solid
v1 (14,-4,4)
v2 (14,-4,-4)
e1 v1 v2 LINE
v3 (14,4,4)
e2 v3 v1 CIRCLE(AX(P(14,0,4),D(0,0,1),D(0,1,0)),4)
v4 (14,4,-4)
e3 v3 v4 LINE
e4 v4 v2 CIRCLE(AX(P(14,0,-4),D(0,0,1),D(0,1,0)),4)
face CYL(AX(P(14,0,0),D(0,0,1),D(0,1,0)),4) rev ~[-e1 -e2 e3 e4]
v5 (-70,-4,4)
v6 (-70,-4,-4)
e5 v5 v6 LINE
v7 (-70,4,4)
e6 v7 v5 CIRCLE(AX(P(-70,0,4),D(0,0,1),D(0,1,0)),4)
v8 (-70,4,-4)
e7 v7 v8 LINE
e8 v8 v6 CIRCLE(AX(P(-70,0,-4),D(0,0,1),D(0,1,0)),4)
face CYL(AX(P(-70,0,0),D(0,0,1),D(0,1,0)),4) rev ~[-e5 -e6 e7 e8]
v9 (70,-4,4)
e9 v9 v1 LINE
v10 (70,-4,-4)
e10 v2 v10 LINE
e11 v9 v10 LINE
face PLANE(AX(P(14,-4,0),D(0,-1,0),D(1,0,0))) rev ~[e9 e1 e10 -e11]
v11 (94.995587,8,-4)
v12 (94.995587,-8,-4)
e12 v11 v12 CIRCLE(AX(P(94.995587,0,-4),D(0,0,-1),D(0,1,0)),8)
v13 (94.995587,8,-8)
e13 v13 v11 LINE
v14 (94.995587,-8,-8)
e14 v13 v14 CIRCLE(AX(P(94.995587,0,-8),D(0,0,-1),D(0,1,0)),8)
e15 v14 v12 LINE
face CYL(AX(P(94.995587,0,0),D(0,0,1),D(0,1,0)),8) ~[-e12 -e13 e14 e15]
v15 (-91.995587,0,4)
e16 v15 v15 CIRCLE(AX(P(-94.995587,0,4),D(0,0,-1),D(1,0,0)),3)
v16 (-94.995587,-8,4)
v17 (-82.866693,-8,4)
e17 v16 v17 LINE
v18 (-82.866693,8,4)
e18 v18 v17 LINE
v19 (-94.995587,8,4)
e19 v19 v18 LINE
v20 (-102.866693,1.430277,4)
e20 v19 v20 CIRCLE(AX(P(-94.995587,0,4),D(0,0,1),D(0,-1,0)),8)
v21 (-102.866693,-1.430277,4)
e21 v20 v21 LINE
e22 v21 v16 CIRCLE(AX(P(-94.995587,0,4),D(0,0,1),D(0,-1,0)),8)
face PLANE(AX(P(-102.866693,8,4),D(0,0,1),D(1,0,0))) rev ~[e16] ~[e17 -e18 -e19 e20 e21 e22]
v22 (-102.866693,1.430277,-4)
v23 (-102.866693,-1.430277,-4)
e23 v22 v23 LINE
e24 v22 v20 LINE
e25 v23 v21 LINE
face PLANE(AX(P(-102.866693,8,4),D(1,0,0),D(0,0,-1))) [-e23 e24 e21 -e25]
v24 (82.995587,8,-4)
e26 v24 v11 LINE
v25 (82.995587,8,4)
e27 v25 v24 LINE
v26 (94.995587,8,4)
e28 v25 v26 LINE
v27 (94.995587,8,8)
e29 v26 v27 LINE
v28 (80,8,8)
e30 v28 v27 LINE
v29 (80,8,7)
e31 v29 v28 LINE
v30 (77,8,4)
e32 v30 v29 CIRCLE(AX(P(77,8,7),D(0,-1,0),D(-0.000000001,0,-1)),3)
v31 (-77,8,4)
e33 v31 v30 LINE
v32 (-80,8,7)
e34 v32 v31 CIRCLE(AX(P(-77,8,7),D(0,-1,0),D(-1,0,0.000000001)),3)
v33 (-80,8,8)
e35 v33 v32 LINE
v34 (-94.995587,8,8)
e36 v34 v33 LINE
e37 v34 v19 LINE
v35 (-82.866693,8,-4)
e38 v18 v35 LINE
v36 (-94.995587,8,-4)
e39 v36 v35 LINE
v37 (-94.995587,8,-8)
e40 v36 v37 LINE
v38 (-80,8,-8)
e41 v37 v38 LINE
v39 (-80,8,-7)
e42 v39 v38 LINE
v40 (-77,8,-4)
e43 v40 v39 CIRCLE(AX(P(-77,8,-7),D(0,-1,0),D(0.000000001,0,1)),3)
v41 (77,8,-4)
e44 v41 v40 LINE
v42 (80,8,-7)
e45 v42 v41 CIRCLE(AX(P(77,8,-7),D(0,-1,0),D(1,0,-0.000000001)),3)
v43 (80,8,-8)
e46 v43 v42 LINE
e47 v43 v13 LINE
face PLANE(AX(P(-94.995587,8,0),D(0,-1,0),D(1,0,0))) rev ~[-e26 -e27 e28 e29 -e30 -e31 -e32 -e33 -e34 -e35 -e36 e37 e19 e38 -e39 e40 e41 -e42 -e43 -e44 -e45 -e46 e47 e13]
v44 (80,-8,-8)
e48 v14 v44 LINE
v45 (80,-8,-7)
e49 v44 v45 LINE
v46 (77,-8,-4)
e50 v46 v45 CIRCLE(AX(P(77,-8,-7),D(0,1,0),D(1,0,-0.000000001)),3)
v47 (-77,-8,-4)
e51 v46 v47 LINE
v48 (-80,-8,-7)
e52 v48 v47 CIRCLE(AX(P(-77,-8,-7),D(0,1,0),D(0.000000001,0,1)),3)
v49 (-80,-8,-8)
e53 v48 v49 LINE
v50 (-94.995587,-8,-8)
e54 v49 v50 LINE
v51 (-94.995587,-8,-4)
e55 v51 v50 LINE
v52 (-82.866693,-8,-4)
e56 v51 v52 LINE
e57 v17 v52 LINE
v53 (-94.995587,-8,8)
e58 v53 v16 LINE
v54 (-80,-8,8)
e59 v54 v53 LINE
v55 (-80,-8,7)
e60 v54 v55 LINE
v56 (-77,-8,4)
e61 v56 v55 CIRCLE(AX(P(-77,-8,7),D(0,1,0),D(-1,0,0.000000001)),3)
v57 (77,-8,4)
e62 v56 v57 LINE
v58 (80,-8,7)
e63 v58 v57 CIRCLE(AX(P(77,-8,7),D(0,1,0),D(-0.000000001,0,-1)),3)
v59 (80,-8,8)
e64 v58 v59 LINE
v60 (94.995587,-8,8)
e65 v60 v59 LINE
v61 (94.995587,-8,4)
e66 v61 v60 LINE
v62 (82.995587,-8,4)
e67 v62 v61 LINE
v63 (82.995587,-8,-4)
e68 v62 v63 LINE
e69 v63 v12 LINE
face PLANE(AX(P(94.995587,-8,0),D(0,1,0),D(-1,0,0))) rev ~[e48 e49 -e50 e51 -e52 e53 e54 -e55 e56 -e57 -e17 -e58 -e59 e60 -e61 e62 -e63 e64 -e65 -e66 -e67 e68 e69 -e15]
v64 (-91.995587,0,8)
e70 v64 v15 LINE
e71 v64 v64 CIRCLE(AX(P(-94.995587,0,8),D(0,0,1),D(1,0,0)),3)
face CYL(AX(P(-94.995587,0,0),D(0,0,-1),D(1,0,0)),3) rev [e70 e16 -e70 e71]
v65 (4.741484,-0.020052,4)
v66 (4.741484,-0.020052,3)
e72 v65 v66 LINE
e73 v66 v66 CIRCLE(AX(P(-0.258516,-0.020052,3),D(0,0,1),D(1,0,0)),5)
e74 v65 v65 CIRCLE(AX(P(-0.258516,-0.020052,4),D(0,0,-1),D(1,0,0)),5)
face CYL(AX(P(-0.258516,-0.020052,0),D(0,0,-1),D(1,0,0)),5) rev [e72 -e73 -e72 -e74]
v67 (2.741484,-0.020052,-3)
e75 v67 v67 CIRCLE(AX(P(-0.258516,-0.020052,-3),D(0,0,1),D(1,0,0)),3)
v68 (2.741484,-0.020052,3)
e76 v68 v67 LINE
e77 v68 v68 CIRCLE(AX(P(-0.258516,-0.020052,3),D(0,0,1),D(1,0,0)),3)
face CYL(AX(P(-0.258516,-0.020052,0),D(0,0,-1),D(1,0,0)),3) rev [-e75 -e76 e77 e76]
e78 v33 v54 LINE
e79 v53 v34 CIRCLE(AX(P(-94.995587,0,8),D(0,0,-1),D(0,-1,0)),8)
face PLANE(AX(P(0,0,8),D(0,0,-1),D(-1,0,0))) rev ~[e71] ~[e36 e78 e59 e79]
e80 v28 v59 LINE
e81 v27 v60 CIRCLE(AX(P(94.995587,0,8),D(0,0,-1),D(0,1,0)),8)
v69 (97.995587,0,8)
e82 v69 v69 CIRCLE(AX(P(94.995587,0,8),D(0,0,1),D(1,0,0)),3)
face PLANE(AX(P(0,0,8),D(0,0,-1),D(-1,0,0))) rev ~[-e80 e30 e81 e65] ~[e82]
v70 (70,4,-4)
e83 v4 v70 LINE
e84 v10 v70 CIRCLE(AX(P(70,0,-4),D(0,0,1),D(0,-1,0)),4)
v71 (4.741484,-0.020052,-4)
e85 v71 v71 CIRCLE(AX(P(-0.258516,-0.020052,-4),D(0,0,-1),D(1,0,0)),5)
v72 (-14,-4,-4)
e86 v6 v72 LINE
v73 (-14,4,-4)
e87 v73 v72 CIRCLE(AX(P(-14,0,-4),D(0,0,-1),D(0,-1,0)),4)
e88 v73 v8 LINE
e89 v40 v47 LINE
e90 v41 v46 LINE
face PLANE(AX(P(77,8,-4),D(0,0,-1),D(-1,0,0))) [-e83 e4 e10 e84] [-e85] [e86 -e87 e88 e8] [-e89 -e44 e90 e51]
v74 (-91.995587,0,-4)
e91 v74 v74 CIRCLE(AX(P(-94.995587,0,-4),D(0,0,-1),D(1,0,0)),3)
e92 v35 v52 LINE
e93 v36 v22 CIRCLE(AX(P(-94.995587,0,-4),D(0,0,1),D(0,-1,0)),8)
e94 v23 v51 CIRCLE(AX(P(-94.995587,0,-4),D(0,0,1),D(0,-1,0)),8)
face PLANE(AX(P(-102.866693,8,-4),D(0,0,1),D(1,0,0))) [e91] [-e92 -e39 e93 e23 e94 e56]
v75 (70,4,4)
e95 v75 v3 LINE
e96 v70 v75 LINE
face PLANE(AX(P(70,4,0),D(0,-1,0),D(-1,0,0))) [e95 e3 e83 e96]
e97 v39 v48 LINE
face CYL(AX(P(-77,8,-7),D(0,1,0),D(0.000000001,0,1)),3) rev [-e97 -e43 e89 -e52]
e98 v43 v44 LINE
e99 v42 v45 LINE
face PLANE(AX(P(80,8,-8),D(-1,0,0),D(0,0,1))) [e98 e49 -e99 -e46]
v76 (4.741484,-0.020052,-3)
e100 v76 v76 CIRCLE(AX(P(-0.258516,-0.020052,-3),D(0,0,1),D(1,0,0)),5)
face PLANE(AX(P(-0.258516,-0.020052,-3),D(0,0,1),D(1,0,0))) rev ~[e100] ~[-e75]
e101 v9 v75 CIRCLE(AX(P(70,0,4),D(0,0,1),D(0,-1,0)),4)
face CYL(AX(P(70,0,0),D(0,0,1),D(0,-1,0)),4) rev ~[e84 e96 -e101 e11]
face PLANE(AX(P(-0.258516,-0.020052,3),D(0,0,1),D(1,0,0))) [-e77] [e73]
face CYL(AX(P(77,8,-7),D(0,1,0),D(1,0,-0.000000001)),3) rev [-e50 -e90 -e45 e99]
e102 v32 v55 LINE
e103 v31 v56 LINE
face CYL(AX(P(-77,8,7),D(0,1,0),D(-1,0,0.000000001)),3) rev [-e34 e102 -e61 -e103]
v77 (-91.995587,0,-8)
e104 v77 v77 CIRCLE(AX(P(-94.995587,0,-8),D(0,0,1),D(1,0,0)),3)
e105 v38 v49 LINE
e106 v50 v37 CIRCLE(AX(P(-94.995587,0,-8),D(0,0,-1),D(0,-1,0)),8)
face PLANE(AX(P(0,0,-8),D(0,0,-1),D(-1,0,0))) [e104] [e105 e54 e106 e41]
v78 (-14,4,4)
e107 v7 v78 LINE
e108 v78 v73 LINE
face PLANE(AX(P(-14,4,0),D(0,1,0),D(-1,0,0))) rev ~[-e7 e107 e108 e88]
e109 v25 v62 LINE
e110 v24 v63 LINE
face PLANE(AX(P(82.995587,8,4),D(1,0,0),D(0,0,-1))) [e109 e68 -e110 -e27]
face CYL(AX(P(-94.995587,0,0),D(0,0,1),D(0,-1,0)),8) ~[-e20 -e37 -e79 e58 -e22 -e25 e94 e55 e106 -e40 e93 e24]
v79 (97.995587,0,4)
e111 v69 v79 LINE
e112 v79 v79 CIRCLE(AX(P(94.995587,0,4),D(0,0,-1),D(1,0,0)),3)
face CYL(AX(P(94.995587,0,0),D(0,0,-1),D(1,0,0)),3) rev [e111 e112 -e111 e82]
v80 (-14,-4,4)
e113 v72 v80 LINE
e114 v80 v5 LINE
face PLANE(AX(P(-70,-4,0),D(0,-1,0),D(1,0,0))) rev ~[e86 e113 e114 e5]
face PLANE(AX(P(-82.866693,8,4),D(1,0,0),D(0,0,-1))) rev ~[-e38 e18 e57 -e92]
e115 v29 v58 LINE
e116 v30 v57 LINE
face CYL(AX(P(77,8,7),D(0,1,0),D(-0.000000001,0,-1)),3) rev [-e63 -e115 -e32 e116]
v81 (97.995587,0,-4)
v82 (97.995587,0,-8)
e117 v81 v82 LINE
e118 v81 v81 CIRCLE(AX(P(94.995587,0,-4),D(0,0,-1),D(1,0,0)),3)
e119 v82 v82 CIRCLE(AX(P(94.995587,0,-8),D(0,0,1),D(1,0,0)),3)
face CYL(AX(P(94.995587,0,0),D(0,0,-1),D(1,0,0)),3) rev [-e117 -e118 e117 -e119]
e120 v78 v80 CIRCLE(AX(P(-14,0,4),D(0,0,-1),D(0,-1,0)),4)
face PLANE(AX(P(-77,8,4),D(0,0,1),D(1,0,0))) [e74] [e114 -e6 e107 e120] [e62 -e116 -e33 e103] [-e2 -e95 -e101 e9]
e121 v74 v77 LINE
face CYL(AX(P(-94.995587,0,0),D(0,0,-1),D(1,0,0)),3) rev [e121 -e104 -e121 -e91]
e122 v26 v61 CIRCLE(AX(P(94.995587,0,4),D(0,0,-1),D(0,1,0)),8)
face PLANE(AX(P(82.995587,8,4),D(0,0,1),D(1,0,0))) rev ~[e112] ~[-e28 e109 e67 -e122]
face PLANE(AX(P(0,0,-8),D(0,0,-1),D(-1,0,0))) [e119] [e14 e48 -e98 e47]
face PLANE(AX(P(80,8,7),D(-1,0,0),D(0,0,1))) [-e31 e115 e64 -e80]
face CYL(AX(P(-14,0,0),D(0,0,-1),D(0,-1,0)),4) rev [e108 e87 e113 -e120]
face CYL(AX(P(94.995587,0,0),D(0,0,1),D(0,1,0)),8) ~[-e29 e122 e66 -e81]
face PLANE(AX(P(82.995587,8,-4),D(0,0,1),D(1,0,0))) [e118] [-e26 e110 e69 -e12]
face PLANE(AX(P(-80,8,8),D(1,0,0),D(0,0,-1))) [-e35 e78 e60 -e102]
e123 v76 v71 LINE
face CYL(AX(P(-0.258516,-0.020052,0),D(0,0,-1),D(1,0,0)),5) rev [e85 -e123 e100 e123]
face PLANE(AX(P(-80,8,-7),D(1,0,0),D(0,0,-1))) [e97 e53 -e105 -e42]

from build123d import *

# Parameters (mm, degrees)
SKETCH1_R           = 3
SKETCH1_R_2         = 5
BOSS_EXTRUDE1_DEPTH = 8
SKETCH1_4_R         = 5
SKETCH1_4_R_2       = 3
BOSS_EXTRUDE2_DEPTH = 3
SKETCH2_W           = 20
SKETCH2_H           = 8
CUT_EXTRUDE2_DEPTH  = 105.537509551


with BuildPart() as part:
    # Sketch1 → Boss-Extrude1 (new, symmetric)
    with BuildSketch(Plane.XY):
        with BuildLine():
            ThreePointArc((94.995586814, -8), (102.995586814, 0), (94.995586814, 8))
            Line((94.995586814, 8), (-94.995586814, 8))
            ThreePointArc((-94.995586814, 8), (-102.995586814, 0), (-94.995586814, -8))
            Line((-94.995586814, -8), (94.995586814, -8))
        make_face()
        with Locations((-94.995586814, 0)):
            Circle(SKETCH1_R, mode=Mode.SUBTRACT)
        with Locations((-0.258516261, -0.020052265)):
            Circle(SKETCH1_R_2, mode=Mode.SUBTRACT)
        with BuildLine():
            ThreePointArc((-70, -4), (-74, 0), (-70, 4))
            Line((-70, 4), (-14, 4))
            ThreePointArc((-14, 4), (-10, 0), (-14, -4))
            Line((-14, -4), (-70, -4))
        make_face(mode=Mode.SUBTRACT)
        with BuildLine():
            ThreePointArc((14, -4), (10, 0), (14, 4))
            Line((14, 4), (70, 4))
            ThreePointArc((70, 4), (74, 0), (70, -4))
            Line((70, -4), (14, -4))
        make_face(mode=Mode.SUBTRACT)
        with Locations((94.995586814, 0)):
            Circle(SKETCH1_R, mode=Mode.SUBTRACT)
    extrude(amount=BOSS_EXTRUDE1_DEPTH, both=True)

    # Sketch1<4> → Boss-Extrude2 (add, symmetric)
    with BuildSketch(Plane.XY):
        with Locations((-0.258516261, -0.020052265)):
            Circle(SKETCH1_4_R)
        with Locations((-0.258516261, -0.020052265)):
            Circle(SKETCH1_4_R_2, mode=Mode.SUBTRACT)
    extrude(amount=BOSS_EXTRUDE2_DEPTH, both=True)

    # Sketch2 → Cut-Extrude2 (cut, through all)
    with BuildSketch(Plane(origin=(0, 8, 0), x_dir=(1, 0, 0), z_dir=(0, 1, 0))):
        with BuildLine():
            Line((-80, 8), (80, 8))
            Line((80, 8), (80, 7))
            ThreePointArc((80, 7), (79.121320344, 4.878679656), (77, 4))
            Line((77, 4), (-77, 4))
            ThreePointArc((-77, 4), (-79.121320344, 4.878679656), (-80, 7))
            Line((-80, 7), (-80, 8))
        make_face()
        with BuildLine():
            Line((80, -8), (-80, -8))
            Line((-80, -8), (-80, -7))
            ThreePointArc((-80, -7), (-79.121320344, -4.878679656), (-77, -4))
            Line((-77, -4), (77, -4))
            ThreePointArc((77, -4), (79.121320344, -4.878679656), (80, -7))
            Line((80, -7), (80, -8))
        make_face()
        with Locations((-92.866692646, 0)):
            Rectangle(SKETCH2_W, SKETCH2_H)
        with Locations((92.995586814, 0)):
            Rectangle(SKETCH2_W, SKETCH2_H)
    extrude(amount=-CUT_EXTRUDE2_DEPTH, mode=Mode.SUBTRACT)


solid = part.part
